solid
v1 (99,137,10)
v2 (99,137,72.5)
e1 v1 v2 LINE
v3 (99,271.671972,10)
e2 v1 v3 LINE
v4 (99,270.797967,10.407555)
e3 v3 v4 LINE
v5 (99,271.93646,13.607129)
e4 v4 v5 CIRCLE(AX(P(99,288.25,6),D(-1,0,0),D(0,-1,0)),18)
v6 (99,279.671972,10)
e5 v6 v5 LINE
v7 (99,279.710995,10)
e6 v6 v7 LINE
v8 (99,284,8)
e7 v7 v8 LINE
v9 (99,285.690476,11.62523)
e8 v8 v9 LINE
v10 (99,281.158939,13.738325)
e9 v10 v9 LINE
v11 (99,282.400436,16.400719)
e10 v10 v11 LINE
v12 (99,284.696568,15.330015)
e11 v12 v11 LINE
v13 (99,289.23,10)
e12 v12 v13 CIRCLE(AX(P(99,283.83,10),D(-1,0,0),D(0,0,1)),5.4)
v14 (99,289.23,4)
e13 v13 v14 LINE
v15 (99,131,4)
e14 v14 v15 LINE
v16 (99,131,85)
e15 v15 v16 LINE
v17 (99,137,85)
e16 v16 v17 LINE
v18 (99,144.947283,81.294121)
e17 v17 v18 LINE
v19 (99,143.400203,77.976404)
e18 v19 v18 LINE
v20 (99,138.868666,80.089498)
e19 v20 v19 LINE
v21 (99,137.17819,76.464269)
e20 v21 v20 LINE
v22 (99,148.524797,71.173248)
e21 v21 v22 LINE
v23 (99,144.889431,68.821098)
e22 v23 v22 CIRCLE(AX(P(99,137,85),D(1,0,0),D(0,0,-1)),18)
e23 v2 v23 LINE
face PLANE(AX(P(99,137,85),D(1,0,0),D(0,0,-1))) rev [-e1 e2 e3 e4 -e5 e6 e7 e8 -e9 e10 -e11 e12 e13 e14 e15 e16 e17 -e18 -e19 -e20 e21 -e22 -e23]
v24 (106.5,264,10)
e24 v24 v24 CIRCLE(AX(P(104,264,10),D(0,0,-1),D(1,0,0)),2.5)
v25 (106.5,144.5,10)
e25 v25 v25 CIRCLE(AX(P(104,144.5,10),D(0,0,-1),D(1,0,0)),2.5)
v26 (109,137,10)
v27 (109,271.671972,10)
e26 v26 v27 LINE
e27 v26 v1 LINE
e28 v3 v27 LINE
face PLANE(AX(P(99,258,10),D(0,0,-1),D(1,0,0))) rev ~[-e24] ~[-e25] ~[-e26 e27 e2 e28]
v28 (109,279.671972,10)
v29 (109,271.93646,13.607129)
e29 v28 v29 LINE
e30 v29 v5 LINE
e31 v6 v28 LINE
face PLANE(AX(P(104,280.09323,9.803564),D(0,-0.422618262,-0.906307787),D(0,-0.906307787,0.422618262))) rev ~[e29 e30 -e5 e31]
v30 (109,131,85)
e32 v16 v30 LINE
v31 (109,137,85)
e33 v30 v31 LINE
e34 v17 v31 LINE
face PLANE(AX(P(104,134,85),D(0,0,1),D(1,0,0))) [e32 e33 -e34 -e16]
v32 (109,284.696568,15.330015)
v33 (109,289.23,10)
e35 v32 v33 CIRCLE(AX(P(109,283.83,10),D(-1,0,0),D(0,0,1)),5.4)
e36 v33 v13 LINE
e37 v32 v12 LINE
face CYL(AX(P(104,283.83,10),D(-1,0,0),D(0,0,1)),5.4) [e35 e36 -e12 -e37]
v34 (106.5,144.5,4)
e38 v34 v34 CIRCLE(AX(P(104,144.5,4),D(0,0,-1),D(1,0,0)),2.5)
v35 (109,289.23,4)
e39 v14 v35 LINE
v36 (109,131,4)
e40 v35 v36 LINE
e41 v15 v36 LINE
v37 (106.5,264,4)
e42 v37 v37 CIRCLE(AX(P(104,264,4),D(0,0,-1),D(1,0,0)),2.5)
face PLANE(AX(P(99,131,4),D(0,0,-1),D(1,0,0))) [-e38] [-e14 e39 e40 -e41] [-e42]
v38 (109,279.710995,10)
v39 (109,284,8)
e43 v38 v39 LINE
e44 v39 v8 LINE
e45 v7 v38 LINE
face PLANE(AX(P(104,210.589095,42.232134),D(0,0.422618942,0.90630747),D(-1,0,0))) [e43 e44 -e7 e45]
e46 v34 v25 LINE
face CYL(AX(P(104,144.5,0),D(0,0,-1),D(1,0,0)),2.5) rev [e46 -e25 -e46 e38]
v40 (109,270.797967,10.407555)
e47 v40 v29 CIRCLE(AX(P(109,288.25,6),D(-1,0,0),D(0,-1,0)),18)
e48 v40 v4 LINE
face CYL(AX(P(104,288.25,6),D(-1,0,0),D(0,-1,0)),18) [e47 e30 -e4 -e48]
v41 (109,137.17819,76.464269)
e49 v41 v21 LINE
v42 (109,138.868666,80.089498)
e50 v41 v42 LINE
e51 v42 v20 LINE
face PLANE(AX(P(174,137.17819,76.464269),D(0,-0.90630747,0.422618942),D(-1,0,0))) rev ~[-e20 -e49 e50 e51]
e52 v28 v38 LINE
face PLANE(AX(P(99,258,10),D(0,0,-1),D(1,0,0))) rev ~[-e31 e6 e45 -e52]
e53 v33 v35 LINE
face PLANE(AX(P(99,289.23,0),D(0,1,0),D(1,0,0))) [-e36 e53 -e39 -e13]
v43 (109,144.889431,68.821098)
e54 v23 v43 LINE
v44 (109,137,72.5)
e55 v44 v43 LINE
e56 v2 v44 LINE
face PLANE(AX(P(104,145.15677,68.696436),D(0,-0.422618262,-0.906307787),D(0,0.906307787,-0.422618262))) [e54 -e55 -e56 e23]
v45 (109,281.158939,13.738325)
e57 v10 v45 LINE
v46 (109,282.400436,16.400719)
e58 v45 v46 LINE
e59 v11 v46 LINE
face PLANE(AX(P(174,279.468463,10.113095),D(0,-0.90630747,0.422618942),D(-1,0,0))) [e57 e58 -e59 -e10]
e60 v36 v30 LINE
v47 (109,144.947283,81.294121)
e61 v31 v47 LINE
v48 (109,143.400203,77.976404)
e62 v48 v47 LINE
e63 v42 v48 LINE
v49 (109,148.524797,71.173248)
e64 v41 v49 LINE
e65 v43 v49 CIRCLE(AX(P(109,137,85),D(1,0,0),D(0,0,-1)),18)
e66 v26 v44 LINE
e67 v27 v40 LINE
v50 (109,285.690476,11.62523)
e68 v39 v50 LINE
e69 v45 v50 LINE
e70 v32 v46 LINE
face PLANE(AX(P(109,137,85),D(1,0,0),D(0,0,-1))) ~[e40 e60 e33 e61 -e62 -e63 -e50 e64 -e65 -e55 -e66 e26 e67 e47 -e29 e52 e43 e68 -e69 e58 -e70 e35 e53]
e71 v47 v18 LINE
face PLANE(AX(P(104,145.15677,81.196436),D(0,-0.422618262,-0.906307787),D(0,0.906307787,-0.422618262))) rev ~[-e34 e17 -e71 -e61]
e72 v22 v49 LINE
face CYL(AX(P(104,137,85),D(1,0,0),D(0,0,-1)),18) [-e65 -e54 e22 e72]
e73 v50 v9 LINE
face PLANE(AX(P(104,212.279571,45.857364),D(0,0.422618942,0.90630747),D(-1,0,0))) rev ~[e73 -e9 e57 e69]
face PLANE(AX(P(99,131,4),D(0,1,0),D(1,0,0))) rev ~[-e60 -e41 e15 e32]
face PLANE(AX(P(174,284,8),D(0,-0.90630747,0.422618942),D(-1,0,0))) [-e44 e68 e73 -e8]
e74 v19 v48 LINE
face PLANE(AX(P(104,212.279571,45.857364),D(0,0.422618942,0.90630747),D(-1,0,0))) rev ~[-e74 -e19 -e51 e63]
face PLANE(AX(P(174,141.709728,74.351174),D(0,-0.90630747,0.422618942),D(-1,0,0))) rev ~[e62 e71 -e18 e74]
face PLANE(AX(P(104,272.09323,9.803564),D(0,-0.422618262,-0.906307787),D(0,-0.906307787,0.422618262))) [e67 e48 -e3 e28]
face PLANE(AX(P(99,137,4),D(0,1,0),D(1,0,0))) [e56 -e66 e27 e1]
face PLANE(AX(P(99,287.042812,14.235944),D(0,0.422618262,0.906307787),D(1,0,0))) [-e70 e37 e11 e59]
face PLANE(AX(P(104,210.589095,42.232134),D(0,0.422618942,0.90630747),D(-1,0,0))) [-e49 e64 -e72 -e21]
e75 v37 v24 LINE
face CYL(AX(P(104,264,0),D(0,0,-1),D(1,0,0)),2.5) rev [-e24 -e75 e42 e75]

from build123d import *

# Parameters (mm, degrees)
CYLINDER031_R          = 2.5
CYLINDER031_DEPTH      = 14
CYLINDER030_R          = 2.5
CYLINDER030_DEPTH      = 14
BOX012_W               = 134
BOX012_H               = 152
BOX012_DEPTH           = 11
BOX012_ROLL_ANGLE      = 25.000043
BOX012_PLACEMENT_ANGLE = 180
BOX011_W               = 10
BOX011_H               = 10
BOX011_DEPTH           = 10
BOX010_W               = 140
BOX010_H               = 162
BOX010_DEPTH           = 4
BOX010_ROLL_ANGLE      = 25.000043
BOX010_PLACEMENT_ANGLE = 180
CYLINDER004_W          = 5.4
CYLINDER004_H          = 10
CYLINDER004_ANGLE      = 90
BOX009_W               = 10
BOX009_H               = 6
BOX009_DEPTH           = 25
BOX009_PLACEMENT_ANGLE = 65
BOX008_W               = 10
BOX008_H               = 6
BOX008_DEPTH           = 31.23
BOX007_W               = 10
BOX007_H               = 2
BOX007_DEPTH           = 165
BOX002_W               = 140
BOX002_H               = 162
BOX002_DEPTH           = 4
BOX002_ROLL_ANGLE      = 25.000043
BOX002_PLACEMENT_ANGLE = 180
CYLINDER001_W          = 18
CYLINDER001_H          = 10
CYLINDER001_ANGLE      = 65
CYLINDER_W             = 18
CYLINDER_H             = 10
CYLINDER_ANGLE         = 65
BOX004_W               = 10
BOX004_H               = 6
BOX004_DEPTH           = 81
BOX006_W               = 10
BOX006_H               = 6
BOX006_DEPTH           = 20
CYLINDER003_W          = 18
CYLINDER003_H          = 10
CYLINDER003_ANGLE      = 25
CYLINDER002_W          = 18
CYLINDER002_H          = 10
CYLINDER002_ANGLE      = 25
BOX043_W               = 10
BOX043_H               = 109
BOX043_DEPTH           = 4


with BuildPart() as m4s008:
    # Cylinder031 → Cylinder031 (new body)
    with BuildSketch(Plane(origin=(105, 264, 0), x_dir=(1, 0, 0), z_dir=(0, 0, 1))):
        Circle(CYLINDER031_R)
    extrude(amount=CYLINDER031_DEPTH)


with BuildPart() as fusion015:
    # Cylinder030 → Cylinder030 (new body)
    with BuildSketch(Plane(origin=(105, 144.5, 0), x_dir=(1, 0, 0), z_dir=(0, 0, 1))):
        Circle(CYLINDER030_R)
    extrude(amount=CYLINDER030_DEPTH)

    # Fusion015: union m4s008
    add(m4s008.part)


with BuildPart() as solar_panelcut:
    # Box012 → Box012 (new body)
    with BuildSketch(Plane.XY):
        with Locations((67, 76)):
            Rectangle(BOX012_W, BOX012_H)
    extrude(amount=BOX012_DEPTH)


with BuildPart() as solar_panelcut_1:
    # Box012 roll: moved
    add(solar_panelcut.part.rotate(Axis((0, 0, 0), (1, 0, 0)), BOX012_ROLL_ANGLE))


with BuildPart() as solar_panelcut_2:
    # Box012 placement: moved
    add(solar_panelcut_1.part.moved(Location((175, 279.468463, 10.113095))).rotate(Axis((175, 279.468463, 10.113095), (0, 0, 1)), BOX012_PLACEMENT_ANGLE))


with BuildPart() as cube:
    # Box011 → Box011 (new body)
    with BuildSketch(Plane(origin=(100, 289.23, 0), x_dir=(1, 0, 0), z_dir=(0, 0, 1))):
        with Locations((5, 5)):
            Rectangle(BOX011_W, BOX011_H)
    extrude(amount=BOX011_DEPTH)


with BuildPart() as solar_panel004:
    # Box010 → Box010 (new body)
    with BuildSketch(Plane.XY):
        with Locations((70, 81)):
            Rectangle(BOX010_W, BOX010_H)
    extrude(amount=BOX010_DEPTH)


with BuildPart() as solar_panel004_1:
    # Box010 roll: moved
    add(solar_panel004.part.rotate(Axis((0, 0, 0), (1, 0, 0)), BOX010_ROLL_ANGLE))


with BuildPart() as solar_panel004_2:
    # Box010 placement: moved
    add(solar_panel004_1.part.moved(Location((175, 284, 8))).rotate(Axis((175, 284, 8), (0, 0, 1)), BOX010_PLACEMENT_ANGLE))


with BuildPart() as cylinder004:
    # Cylinder004 → Cylinder004 (revolve)
    with BuildSketch(Plane(origin=(110, 283.83, 10), x_dir=(0, 0, 1), z_dir=(0, -1, 0))):
        with Locations((2.7, 5)):
            Rectangle(CYLINDER004_W, CYLINDER004_H)
    revolve(axis=Axis((110, 283.83, 10), (-1, 0, 0)), revolution_arc=CYLINDER004_ANGLE)


with BuildPart() as basesupport007:
    # Box009 → Box009 (new body)
    with BuildSketch(Plane.XY):
        with Locations((5, 3)):
            Rectangle(BOX009_W, BOX009_H)
    extrude(amount=BOX009_DEPTH)


with BuildPart() as basesupport007_1:
    # Box009 placement: moved
    add(basesupport007.part.moved(Location((100, 284.507102, 8.798097))).rotate(Axis((100, 284.507102, 8.798097), (1, 0, 0)), BOX009_PLACEMENT_ANGLE))


with BuildPart() as basesupport006:
    # Box008 → Box008 (new body)
    with BuildSketch(Plane(origin=(100, 258, 10), x_dir=(1, 0, 0), z_dir=(0, 1, 0))):
        with Locations((5, 3)):
            Rectangle(BOX008_W, BOX008_H)
    extrude(amount=BOX008_DEPTH)


with BuildPart() as basesupport005:
    # Box007 → Box007 (new body)
    with BuildSketch(Plane(origin=(100, 131, 6), x_dir=(1, 0, 0), z_dir=(0, 1, 0))):
        with Locations((5, 1)):
            Rectangle(BOX007_W, BOX007_H)
    extrude(amount=BOX007_DEPTH)


with BuildPart() as solar_panel001:
    # Box002 → Box002 (new body)
    with BuildSketch(Plane.XY):
        with Locations((70, 81)):
            Rectangle(BOX002_W, BOX002_H)
    extrude(amount=BOX002_DEPTH)


with BuildPart() as solar_panel001_1:
    # Box002 roll: moved
    add(solar_panel001.part.rotate(Axis((0, 0, 0), (1, 0, 0)), BOX002_ROLL_ANGLE))


with BuildPart() as solar_panel001_2:
    # Box002 placement: moved
    add(solar_panel001_1.part.moved(Location((175, 284, 8))).rotate(Axis((175, 284, 8), (0, 0, 1)), BOX002_PLACEMENT_ANGLE))


with BuildPart() as cylinder001:
    # Cylinder001 → Cylinder001 (revolve)
    with BuildSketch(Plane(origin=(101, 137, 72.5), x_dir=(0, 0, -1), z_dir=(0, -1, 0))):
        with Locations((9, 5)):
            Rectangle(CYLINDER001_W, CYLINDER001_H)
    revolve(axis=Axis((101, 137, 72.5), (1, 0, 0)), revolution_arc=CYLINDER001_ANGLE)


with BuildPart() as basesupport001:
    # Cylinder → Cylinder (revolve)
    with BuildSketch(Plane(origin=(101, 137, 85), x_dir=(0, 0, -1), z_dir=(0, -1, 0))):
        with Locations((9, 5)):
            Rectangle(CYLINDER_W, CYLINDER_H)
    revolve(axis=Axis((101, 137, 85), (1, 0, 0)), revolution_arc=CYLINDER_ANGLE)

    # Cut: cut Cylinder001
    add(cylinder001.part, mode=Mode.SUBTRACT)


with BuildPart() as basesupport001_1:
    # Cut placement: moved
    add(basesupport001.part.moved(Location((-1, 0, 0))))


with BuildPart() as basesupport003:
    # Box004 → Box004 (new body)
    with BuildSketch(Plane(origin=(100, 131, 4), x_dir=(1, 0, 0), z_dir=(0, 0, 1))):
        with Locations((5, 3)):
            Rectangle(BOX004_W, BOX004_H)
    extrude(amount=BOX004_DEPTH)

    # Fusion: union baseSupport001
    add(basesupport001_1.part)

    # Cut001: cut solar Panel001
    add(solar_panel001_2.part, mode=Mode.SUBTRACT)


with BuildPart() as basesupport004:
    # Box006 → Box006 (new body)
    with BuildSketch(Plane(origin=(100, 131, 10), x_dir=(1, 0, 0), z_dir=(0, 1, 0))):
        with Locations((5, 3)):
            Rectangle(BOX006_W, BOX006_H)
    extrude(amount=BOX006_DEPTH)


with BuildPart() as cylinder003:
    # Cylinder003 → Cylinder003 (revolve)
    with BuildSketch(Plane(origin=(110, 280.25, 6), x_dir=(0, -1, 0), z_dir=(0, 0, -1))):
        with Locations((9, 5)):
            Rectangle(CYLINDER003_W, CYLINDER003_H)
    revolve(axis=Axis((110, 280.25, 6), (-1, 0, 0)), revolution_arc=CYLINDER003_ANGLE)


with BuildPart() as solarpanelbase001:
    # Cylinder002 → Cylinder002 (revolve)
    with BuildSketch(Plane(origin=(110, 288.25, 6), x_dir=(0, -1, 0), z_dir=(0, 0, -1))):
        with Locations((9, 5)):
            Rectangle(CYLINDER002_W, CYLINDER002_H)
    revolve(axis=Axis((110, 288.25, 6), (-1, 0, 0)), revolution_arc=CYLINDER002_ANGLE)

    # Cut002: cut Cylinder003
    add(cylinder003.part, mode=Mode.SUBTRACT)

    # Fusion001: union Cylinder004, baseSupport007, baseSupport006, baseSupport005, baseSupport003, baseSupport004
    add(cylinder004.part)
    add(basesupport007_1.part)
    add(basesupport006.part)
    add(basesupport005.part)
    add(basesupport003.part)
    add(basesupport004.part)

    # Cut003: cut solar Panel004
    add(solar_panel004_2.part, mode=Mode.SUBTRACT)

    # Cut004: cut Cube
    add(cube.part, mode=Mode.SUBTRACT)

    # Cut005: cut solar PanelCut
    add(solar_panelcut_2.part, mode=Mode.SUBTRACT)

    # Cut030: cut Fusion015
    add(fusion015.part, mode=Mode.SUBTRACT)


with BuildPart() as solarpanelbase001_1:
    # Cut030 placement: moved
    add(solarpanelbase001.part.moved(Location((-1, 0, 0))))


with BuildPart() as solarpanelbase004:
    # Box043 → Box043 (new body)
    with BuildSketch(Plane(origin=(99, 150, 6), x_dir=(1, 0, 0), z_dir=(0, 0, 1))):
        with Locations((5, 54.5)):
            Rectangle(BOX043_W, BOX043_H)
    extrude(amount=BOX043_DEPTH)

    # Fusion029: union solarPanelBase001
    add(solarpanelbase001_1.part)


solid = solarpanelbase004.part
